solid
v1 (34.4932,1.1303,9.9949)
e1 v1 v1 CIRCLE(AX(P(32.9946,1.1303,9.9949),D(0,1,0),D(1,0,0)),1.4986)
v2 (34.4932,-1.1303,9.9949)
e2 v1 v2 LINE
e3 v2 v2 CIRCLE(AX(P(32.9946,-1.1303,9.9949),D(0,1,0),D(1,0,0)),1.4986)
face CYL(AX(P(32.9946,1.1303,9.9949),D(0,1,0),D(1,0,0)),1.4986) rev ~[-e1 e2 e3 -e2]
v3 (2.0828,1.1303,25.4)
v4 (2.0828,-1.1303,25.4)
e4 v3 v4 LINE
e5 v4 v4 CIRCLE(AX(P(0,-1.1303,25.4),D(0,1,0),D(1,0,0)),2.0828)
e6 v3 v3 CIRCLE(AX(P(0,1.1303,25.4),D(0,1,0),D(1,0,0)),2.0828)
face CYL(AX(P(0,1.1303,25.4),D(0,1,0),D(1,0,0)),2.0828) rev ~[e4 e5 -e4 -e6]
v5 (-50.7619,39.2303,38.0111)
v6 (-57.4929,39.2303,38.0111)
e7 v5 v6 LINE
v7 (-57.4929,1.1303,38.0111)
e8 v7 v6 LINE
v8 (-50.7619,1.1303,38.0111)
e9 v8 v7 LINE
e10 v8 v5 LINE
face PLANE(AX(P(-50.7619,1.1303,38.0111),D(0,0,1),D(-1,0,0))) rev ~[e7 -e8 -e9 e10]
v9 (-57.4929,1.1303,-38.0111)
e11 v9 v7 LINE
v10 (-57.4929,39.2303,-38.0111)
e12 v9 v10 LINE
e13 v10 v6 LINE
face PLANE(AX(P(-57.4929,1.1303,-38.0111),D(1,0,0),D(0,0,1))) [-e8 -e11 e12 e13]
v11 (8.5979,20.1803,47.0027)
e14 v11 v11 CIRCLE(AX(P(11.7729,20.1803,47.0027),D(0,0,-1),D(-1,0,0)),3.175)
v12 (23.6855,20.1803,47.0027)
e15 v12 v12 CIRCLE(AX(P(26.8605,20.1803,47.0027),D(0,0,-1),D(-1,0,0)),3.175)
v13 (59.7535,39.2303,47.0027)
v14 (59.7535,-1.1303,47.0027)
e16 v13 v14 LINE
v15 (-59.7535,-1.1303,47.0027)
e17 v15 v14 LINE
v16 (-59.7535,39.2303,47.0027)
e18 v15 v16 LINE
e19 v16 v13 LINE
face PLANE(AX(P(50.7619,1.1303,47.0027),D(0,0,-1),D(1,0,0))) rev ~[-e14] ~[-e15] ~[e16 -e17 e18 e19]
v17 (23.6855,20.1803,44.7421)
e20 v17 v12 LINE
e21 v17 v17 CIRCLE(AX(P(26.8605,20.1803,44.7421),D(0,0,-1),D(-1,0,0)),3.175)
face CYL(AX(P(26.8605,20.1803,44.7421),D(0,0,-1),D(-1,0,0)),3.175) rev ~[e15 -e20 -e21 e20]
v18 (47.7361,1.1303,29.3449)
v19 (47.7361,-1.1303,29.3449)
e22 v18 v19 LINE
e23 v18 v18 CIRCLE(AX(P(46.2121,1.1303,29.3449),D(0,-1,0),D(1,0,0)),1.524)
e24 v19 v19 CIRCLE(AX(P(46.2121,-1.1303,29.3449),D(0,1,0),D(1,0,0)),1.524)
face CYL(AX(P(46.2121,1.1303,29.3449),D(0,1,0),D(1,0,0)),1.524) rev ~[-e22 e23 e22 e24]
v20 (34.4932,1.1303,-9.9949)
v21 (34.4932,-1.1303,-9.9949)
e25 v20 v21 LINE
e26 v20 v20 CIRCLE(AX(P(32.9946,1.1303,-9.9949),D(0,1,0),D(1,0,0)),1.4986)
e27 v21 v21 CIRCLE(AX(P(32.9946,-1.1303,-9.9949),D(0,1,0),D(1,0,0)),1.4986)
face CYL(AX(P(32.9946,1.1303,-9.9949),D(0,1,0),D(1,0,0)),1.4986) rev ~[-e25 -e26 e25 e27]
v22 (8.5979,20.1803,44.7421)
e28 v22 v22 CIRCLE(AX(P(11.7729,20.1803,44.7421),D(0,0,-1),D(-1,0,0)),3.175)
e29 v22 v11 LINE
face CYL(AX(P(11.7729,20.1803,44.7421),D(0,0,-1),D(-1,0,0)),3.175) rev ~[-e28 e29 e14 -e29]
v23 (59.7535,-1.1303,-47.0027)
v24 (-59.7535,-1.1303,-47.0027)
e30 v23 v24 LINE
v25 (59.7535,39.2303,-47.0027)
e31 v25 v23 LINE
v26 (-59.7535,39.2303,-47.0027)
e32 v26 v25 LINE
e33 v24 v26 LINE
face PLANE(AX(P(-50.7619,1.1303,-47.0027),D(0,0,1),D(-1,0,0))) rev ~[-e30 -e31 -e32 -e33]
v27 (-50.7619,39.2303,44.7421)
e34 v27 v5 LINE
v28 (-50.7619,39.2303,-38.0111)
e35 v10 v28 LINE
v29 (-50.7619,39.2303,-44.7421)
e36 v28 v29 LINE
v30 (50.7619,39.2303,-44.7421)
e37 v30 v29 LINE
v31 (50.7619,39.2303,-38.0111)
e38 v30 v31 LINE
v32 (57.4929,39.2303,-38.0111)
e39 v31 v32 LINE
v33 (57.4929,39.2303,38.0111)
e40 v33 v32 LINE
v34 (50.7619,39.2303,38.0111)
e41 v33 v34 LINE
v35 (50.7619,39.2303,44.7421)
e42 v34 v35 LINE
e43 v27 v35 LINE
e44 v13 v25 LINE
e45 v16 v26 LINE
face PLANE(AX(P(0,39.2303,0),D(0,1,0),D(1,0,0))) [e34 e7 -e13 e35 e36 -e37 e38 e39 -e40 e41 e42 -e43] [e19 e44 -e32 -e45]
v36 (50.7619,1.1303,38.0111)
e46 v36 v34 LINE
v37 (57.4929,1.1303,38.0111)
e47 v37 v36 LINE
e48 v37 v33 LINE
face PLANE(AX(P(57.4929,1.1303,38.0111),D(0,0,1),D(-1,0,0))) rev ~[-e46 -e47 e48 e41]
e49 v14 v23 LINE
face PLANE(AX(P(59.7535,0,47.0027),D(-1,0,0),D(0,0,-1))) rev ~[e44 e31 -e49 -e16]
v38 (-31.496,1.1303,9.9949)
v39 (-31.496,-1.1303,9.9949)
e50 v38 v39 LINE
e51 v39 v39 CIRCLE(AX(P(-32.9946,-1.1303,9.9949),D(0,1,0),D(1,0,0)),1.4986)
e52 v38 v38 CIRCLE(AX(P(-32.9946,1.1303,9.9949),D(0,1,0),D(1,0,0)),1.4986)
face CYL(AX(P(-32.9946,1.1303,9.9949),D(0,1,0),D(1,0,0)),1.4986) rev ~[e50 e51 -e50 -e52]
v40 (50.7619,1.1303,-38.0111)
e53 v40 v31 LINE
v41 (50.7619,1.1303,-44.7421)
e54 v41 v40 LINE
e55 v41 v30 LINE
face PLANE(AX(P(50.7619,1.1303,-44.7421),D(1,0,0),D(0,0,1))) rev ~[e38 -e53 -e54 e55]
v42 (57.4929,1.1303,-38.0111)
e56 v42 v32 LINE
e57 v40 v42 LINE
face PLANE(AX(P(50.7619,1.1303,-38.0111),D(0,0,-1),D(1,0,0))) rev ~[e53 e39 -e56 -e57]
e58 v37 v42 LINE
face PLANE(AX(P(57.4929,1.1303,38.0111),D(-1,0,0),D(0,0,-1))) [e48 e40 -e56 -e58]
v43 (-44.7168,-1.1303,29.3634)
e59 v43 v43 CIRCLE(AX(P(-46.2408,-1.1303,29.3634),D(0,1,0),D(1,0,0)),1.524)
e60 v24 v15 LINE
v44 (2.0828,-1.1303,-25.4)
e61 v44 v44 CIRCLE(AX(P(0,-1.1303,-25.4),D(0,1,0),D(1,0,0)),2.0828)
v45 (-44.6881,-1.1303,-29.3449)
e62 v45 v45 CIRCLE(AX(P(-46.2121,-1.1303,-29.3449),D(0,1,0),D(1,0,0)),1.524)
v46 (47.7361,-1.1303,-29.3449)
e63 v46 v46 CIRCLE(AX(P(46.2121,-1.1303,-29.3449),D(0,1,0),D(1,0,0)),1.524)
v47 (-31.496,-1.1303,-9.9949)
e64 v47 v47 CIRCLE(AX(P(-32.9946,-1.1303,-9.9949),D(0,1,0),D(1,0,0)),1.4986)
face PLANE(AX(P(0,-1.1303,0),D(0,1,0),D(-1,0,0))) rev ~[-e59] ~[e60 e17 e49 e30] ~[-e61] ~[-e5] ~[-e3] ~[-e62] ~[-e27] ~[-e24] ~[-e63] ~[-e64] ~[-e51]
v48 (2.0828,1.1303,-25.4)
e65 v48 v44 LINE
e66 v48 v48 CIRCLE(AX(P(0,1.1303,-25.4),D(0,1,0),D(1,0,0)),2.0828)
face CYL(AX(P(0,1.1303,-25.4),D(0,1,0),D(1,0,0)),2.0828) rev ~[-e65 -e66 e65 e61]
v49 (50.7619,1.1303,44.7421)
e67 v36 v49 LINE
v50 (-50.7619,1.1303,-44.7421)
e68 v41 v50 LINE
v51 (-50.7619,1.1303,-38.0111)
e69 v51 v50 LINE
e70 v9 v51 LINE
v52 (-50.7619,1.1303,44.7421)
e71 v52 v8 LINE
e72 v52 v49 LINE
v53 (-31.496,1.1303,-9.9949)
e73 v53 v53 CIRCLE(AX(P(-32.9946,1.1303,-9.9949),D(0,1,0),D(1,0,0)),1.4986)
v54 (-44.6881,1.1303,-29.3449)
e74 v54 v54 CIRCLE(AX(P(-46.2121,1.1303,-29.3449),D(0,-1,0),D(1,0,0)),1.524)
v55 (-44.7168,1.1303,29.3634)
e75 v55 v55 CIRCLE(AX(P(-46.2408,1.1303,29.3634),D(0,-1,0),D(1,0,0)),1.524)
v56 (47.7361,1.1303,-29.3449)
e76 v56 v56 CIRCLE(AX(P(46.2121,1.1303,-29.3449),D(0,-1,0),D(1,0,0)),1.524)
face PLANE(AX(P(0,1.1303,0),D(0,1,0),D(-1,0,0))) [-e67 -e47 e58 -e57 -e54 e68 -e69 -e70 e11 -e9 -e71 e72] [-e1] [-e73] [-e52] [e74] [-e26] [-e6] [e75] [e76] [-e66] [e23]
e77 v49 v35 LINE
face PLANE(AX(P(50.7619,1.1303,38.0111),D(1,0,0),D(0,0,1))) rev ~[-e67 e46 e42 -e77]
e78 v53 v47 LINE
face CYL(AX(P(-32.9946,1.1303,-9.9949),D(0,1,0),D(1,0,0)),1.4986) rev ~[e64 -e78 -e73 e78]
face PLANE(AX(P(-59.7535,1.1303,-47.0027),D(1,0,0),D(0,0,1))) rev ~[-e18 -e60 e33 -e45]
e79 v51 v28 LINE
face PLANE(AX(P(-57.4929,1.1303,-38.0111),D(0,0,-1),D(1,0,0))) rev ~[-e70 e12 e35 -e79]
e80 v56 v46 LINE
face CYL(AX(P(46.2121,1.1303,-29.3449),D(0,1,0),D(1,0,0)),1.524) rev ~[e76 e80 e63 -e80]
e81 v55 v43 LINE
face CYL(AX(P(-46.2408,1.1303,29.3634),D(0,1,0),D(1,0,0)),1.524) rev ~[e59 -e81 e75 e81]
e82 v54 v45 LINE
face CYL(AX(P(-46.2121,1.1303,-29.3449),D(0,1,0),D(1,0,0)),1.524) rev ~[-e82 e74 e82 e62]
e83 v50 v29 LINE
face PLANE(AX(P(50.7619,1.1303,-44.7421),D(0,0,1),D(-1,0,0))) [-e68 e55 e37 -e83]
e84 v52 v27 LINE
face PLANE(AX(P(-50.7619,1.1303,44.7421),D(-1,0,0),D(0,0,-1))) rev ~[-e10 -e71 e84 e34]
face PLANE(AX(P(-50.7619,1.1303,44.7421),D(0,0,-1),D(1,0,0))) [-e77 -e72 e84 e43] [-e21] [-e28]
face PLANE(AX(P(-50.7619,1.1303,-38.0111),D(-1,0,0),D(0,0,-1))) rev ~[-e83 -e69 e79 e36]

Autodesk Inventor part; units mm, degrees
ref_plane "YZ Plane" through (0, 0, 0) normal (1, 0, 0) x (0, 1, 0)
ref_plane "XZ Plane" through (0, 0, 0) normal (0, 1, 0) x (-1, 0, 0)
ref_plane "XY Plane" through (0, 0, 0) normal (0, 0, 1) x (1, 0, 0)
sketch "Sketch1" plane through (0, 0, 0) normal (0, 1, 0) x (-1, 0, 0)
  line L0 (-59.7535, -47.0027) -> (59.7535, -47.0027)
  line L1 (59.7535, -47.0027) -> (59.7535, 47.0027)
  line L2 (59.7535, 47.0027) -> (-59.7535, 47.0027)
  line L3 (-59.7535, 47.0027) -> (-59.7535, -47.0027)
  line L4 (-59.7535, -47.0027) -> (59.7535, 47.0027) construction
  line L5 (59.7535, -47.0027) -> (-59.7535, 47.0027) construction
  point P0 (0, 0)
  dimension "d0" = 119.507
  dimension "d1" = 94.0054
extrude "Extrusion1" add sketch "Sketch1" along normal mid plane 2.2606
sketch "Sketch2" plane through (0, 1.1303, 0) normal (0, 1, 0) x (1, 0, 0)
  line L0 (-59.7535, 47.0027) -> (-59.7535, -47.0027) projected
  line L1 (59.7535, -47.0027) -> (59.7535, 47.0027) projected
  line L2 (-59.7535, -47.0027) -> (59.7535, -47.0027)
  line L3 (59.7535, -47.0027) -> (59.7535, 47.0027)
  line L4 (59.7535, 47.0027) -> (-59.7535, 47.0027)
  line L5 (-59.7535, 47.0027) -> (-59.7535, -47.0027)
  line L6 (57.4929, -44.7421) -> (-57.4929, 44.7421) construction
  line L7 (-57.4929, -44.7421) -> (57.4929, 44.7421) construction
  line L8 (-59.7535, -47.0027) -> (59.7535, -47.0027) projected
  line L9 (-59.7535, -47.0027) -> (-50.7619, -47.0027)
  line L10 (-59.7535, -38.0111) -> (-59.7535, -47.0027)
  line L11 (-59.7535, 47.0027) -> (-50.7619, 47.0027)
  line L12 (-59.7535, 38.0111) -> (-59.7535, 47.0027)
  line L13 (59.7535, 47.0027) -> (-59.7535, 47.0027) projected
  line L14 (59.7535, 47.0027) -> (50.7619, 47.0027)
  line L15 (59.7535, 38.0111) -> (59.7535, 47.0027)
  line L16 (59.7535, -47.0027) -> (50.7619, -47.0027)
  line L17 (59.7535, -38.0111) -> (59.7535, -47.0027)
  line L18 (-50.7619, -44.7421) -> (-50.7619, -38.0111)
  line L19 (-50.7619, -38.0111) -> (-57.4929, -38.0111)
  line L20 (-57.4929, 38.0111) -> (-50.7619, 38.0111)
  line L21 (-50.7619, 38.0111) -> (-50.7619, 44.7421)
  line L22 (50.7619, 38.0111) -> (57.4929, 38.0111)
  line L23 (50.7619, 44.7421) -> (50.7619, 38.0111)
  line L24 (57.4929, -38.0111) -> (50.7619, -38.0111)
  line L25 (50.7619, -38.0111) -> (50.7619, -44.7421)
  line L26 (-50.7619, -44.7421) -> (50.7619, -44.7421)
  line L27 (57.4929, -38.0111) -> (57.4929, 38.0111)
  line L28 (50.7619, 44.7421) -> (-50.7619, 44.7421)
  line L29 (-57.4929, 38.0111) -> (-57.4929, -38.0111)
  point P0 (0, 0)
  dimension "d4" = 114.9858
  dimension "d5" = 89.4842
  dimension "d6" = 8.9916
  dimension "d7" = 8.9916
  dimension "d10" = 8.9916
  dimension "d11" = 8.9916
extrude "Extrusion2" add sketch "Sketch2" along normal blind 38.1
sketch "Sketch3" plane through (0, 1.1303, 0) normal (0, 1, 0) x (1, 0, 0)
  circle A0 centre (0, -25.4) radius 2.0828
  circle A1 centre (0, 25.4) radius 2.0828
  point P0 (0, 0)
  dimension "d18" = 4.1656
  dimension "d19" = 4.1656
extrude "Extrusion3" cut sketch "Sketch3" against normal through all
sketch "Sketch7" plane through (0, 1.1303, 0) normal (0, 1, 0) x (1, 0, 0)
  line L0 (32.9946, -9.9949) -> (-32.9946, 9.9949) construction
  line L1 (-32.9946, -9.9949) -> (32.9946, 9.9949) construction
  circle A0 centre (-32.9946, -9.9949) radius 1.4986
  circle A1 centre (-32.9946, 9.9949) radius 1.4986
  circle A2 centre (32.9946, 9.9949) radius 1.4986
  circle A3 centre (32.9946, -9.9949) radius 1.4986
  line L2 (47.498, -29.9974) -> (-47.498, 29.9974) construction
  line L3 (-47.498, -29.9974) -> (47.498, 29.9974) construction
  line L4 (-47.498, 29.9974) -> (-41.148, 29.9974) construction
  line L5 (47.498, 29.9974) -> (53.848, 29.9974) construction
  line L6 (47.2281, 30.3609) -> (-47.2281, 30.3609)
  line L7 (-47.2281, -30.3609) -> (47.2281, -30.3609)
  line L8 (47.2281, -30.3609) -> (47.2281, 30.3609)
  line L9 (47.2281, 30.3609) -> (-47.2281, -30.3609) construction
  line L10 (-47.2281, 30.3609) -> (47.2281, -30.3609) construction
  line L11 (-47.2568, -30.3794) -> (-46.2408, -30.3794)
  line L12 (-46.2408, -29.3634) -> (-47.2568, -29.3634)
  line L13 (-47.2568, -29.3634) -> (-47.2568, -30.3794)
  line L14 (-47.2281, 30.3609) -> (-46.2121, 30.3609)
  line L15 (-46.2121, 29.3449) -> (-47.2281, 29.3449)
  line L16 (-47.2281, 29.3449) -> (-47.2281, 30.3609)
  line L17 (47.2281, 30.3609) -> (46.2121, 30.3609)
  line L18 (46.2121, 29.3449) -> (47.2281, 29.3449)
  line L19 (47.2281, 29.3449) -> (47.2281, 30.3609)
  line L20 (47.2281, -30.3609) -> (46.2121, -30.3609)
  line L21 (46.2121, -29.3449) -> (47.2281, -29.3449)
  line L22 (47.2281, -29.3449) -> (47.2281, -30.3609)
  circle A4 centre (46.2121, -29.3449) radius 1.524
  circle A5 centre (46.2121, 29.3449) radius 1.524
  circle A6 centre (-46.2121, 29.3449) radius 1.524
  circle A7 centre (-46.2408, -29.3634) radius 1.524
  point P0 (0, 0)
  dimension "d48" = 19.9898
  dimension "d49" = 2.9972
  dimension "d50" = 2.9972
  dimension "d51" = 2.9972
  dimension "d52" = 2.9972
  dimension "d78" = 94.4562
  dimension "d79" = 60.7219
  dimension "d80" = 1.016
  dimension "d81" = 1.016
  dimension "d82" = 1.016
  dimension "d83" = 1.016
  dimension "d84" = 1.016
  dimension "d85" = 1.016
  dimension "d86" = 1.016
  dimension "d87" = 1.016
  dimension "d88" = 3.048
  dimension "d89" = 3.048
  dimension "d90" = 3.048
  dimension "d91" = 3.048
sketch "Sketch8" plane through (50.7619, 1.1303, 44.7421) normal (0, 0, -1) x (-1, 0, 0)
  circle A0 centre (23.9014, 19.05) radius 3.175
  circle A1 centre (38.989, 19.05) radius 3.175
  point P0 (50.7619, -1.1303)
  dimension "d74" = 6.35
  dimension "d75" = 6.35
extrude "Extrusion7" cut sketch "Sketch8" against normal through all
extrude "Extrusion8" cut sketch "Sketch7" against normal through all
properties part number "546-1590BBS-ADF4360-9"
